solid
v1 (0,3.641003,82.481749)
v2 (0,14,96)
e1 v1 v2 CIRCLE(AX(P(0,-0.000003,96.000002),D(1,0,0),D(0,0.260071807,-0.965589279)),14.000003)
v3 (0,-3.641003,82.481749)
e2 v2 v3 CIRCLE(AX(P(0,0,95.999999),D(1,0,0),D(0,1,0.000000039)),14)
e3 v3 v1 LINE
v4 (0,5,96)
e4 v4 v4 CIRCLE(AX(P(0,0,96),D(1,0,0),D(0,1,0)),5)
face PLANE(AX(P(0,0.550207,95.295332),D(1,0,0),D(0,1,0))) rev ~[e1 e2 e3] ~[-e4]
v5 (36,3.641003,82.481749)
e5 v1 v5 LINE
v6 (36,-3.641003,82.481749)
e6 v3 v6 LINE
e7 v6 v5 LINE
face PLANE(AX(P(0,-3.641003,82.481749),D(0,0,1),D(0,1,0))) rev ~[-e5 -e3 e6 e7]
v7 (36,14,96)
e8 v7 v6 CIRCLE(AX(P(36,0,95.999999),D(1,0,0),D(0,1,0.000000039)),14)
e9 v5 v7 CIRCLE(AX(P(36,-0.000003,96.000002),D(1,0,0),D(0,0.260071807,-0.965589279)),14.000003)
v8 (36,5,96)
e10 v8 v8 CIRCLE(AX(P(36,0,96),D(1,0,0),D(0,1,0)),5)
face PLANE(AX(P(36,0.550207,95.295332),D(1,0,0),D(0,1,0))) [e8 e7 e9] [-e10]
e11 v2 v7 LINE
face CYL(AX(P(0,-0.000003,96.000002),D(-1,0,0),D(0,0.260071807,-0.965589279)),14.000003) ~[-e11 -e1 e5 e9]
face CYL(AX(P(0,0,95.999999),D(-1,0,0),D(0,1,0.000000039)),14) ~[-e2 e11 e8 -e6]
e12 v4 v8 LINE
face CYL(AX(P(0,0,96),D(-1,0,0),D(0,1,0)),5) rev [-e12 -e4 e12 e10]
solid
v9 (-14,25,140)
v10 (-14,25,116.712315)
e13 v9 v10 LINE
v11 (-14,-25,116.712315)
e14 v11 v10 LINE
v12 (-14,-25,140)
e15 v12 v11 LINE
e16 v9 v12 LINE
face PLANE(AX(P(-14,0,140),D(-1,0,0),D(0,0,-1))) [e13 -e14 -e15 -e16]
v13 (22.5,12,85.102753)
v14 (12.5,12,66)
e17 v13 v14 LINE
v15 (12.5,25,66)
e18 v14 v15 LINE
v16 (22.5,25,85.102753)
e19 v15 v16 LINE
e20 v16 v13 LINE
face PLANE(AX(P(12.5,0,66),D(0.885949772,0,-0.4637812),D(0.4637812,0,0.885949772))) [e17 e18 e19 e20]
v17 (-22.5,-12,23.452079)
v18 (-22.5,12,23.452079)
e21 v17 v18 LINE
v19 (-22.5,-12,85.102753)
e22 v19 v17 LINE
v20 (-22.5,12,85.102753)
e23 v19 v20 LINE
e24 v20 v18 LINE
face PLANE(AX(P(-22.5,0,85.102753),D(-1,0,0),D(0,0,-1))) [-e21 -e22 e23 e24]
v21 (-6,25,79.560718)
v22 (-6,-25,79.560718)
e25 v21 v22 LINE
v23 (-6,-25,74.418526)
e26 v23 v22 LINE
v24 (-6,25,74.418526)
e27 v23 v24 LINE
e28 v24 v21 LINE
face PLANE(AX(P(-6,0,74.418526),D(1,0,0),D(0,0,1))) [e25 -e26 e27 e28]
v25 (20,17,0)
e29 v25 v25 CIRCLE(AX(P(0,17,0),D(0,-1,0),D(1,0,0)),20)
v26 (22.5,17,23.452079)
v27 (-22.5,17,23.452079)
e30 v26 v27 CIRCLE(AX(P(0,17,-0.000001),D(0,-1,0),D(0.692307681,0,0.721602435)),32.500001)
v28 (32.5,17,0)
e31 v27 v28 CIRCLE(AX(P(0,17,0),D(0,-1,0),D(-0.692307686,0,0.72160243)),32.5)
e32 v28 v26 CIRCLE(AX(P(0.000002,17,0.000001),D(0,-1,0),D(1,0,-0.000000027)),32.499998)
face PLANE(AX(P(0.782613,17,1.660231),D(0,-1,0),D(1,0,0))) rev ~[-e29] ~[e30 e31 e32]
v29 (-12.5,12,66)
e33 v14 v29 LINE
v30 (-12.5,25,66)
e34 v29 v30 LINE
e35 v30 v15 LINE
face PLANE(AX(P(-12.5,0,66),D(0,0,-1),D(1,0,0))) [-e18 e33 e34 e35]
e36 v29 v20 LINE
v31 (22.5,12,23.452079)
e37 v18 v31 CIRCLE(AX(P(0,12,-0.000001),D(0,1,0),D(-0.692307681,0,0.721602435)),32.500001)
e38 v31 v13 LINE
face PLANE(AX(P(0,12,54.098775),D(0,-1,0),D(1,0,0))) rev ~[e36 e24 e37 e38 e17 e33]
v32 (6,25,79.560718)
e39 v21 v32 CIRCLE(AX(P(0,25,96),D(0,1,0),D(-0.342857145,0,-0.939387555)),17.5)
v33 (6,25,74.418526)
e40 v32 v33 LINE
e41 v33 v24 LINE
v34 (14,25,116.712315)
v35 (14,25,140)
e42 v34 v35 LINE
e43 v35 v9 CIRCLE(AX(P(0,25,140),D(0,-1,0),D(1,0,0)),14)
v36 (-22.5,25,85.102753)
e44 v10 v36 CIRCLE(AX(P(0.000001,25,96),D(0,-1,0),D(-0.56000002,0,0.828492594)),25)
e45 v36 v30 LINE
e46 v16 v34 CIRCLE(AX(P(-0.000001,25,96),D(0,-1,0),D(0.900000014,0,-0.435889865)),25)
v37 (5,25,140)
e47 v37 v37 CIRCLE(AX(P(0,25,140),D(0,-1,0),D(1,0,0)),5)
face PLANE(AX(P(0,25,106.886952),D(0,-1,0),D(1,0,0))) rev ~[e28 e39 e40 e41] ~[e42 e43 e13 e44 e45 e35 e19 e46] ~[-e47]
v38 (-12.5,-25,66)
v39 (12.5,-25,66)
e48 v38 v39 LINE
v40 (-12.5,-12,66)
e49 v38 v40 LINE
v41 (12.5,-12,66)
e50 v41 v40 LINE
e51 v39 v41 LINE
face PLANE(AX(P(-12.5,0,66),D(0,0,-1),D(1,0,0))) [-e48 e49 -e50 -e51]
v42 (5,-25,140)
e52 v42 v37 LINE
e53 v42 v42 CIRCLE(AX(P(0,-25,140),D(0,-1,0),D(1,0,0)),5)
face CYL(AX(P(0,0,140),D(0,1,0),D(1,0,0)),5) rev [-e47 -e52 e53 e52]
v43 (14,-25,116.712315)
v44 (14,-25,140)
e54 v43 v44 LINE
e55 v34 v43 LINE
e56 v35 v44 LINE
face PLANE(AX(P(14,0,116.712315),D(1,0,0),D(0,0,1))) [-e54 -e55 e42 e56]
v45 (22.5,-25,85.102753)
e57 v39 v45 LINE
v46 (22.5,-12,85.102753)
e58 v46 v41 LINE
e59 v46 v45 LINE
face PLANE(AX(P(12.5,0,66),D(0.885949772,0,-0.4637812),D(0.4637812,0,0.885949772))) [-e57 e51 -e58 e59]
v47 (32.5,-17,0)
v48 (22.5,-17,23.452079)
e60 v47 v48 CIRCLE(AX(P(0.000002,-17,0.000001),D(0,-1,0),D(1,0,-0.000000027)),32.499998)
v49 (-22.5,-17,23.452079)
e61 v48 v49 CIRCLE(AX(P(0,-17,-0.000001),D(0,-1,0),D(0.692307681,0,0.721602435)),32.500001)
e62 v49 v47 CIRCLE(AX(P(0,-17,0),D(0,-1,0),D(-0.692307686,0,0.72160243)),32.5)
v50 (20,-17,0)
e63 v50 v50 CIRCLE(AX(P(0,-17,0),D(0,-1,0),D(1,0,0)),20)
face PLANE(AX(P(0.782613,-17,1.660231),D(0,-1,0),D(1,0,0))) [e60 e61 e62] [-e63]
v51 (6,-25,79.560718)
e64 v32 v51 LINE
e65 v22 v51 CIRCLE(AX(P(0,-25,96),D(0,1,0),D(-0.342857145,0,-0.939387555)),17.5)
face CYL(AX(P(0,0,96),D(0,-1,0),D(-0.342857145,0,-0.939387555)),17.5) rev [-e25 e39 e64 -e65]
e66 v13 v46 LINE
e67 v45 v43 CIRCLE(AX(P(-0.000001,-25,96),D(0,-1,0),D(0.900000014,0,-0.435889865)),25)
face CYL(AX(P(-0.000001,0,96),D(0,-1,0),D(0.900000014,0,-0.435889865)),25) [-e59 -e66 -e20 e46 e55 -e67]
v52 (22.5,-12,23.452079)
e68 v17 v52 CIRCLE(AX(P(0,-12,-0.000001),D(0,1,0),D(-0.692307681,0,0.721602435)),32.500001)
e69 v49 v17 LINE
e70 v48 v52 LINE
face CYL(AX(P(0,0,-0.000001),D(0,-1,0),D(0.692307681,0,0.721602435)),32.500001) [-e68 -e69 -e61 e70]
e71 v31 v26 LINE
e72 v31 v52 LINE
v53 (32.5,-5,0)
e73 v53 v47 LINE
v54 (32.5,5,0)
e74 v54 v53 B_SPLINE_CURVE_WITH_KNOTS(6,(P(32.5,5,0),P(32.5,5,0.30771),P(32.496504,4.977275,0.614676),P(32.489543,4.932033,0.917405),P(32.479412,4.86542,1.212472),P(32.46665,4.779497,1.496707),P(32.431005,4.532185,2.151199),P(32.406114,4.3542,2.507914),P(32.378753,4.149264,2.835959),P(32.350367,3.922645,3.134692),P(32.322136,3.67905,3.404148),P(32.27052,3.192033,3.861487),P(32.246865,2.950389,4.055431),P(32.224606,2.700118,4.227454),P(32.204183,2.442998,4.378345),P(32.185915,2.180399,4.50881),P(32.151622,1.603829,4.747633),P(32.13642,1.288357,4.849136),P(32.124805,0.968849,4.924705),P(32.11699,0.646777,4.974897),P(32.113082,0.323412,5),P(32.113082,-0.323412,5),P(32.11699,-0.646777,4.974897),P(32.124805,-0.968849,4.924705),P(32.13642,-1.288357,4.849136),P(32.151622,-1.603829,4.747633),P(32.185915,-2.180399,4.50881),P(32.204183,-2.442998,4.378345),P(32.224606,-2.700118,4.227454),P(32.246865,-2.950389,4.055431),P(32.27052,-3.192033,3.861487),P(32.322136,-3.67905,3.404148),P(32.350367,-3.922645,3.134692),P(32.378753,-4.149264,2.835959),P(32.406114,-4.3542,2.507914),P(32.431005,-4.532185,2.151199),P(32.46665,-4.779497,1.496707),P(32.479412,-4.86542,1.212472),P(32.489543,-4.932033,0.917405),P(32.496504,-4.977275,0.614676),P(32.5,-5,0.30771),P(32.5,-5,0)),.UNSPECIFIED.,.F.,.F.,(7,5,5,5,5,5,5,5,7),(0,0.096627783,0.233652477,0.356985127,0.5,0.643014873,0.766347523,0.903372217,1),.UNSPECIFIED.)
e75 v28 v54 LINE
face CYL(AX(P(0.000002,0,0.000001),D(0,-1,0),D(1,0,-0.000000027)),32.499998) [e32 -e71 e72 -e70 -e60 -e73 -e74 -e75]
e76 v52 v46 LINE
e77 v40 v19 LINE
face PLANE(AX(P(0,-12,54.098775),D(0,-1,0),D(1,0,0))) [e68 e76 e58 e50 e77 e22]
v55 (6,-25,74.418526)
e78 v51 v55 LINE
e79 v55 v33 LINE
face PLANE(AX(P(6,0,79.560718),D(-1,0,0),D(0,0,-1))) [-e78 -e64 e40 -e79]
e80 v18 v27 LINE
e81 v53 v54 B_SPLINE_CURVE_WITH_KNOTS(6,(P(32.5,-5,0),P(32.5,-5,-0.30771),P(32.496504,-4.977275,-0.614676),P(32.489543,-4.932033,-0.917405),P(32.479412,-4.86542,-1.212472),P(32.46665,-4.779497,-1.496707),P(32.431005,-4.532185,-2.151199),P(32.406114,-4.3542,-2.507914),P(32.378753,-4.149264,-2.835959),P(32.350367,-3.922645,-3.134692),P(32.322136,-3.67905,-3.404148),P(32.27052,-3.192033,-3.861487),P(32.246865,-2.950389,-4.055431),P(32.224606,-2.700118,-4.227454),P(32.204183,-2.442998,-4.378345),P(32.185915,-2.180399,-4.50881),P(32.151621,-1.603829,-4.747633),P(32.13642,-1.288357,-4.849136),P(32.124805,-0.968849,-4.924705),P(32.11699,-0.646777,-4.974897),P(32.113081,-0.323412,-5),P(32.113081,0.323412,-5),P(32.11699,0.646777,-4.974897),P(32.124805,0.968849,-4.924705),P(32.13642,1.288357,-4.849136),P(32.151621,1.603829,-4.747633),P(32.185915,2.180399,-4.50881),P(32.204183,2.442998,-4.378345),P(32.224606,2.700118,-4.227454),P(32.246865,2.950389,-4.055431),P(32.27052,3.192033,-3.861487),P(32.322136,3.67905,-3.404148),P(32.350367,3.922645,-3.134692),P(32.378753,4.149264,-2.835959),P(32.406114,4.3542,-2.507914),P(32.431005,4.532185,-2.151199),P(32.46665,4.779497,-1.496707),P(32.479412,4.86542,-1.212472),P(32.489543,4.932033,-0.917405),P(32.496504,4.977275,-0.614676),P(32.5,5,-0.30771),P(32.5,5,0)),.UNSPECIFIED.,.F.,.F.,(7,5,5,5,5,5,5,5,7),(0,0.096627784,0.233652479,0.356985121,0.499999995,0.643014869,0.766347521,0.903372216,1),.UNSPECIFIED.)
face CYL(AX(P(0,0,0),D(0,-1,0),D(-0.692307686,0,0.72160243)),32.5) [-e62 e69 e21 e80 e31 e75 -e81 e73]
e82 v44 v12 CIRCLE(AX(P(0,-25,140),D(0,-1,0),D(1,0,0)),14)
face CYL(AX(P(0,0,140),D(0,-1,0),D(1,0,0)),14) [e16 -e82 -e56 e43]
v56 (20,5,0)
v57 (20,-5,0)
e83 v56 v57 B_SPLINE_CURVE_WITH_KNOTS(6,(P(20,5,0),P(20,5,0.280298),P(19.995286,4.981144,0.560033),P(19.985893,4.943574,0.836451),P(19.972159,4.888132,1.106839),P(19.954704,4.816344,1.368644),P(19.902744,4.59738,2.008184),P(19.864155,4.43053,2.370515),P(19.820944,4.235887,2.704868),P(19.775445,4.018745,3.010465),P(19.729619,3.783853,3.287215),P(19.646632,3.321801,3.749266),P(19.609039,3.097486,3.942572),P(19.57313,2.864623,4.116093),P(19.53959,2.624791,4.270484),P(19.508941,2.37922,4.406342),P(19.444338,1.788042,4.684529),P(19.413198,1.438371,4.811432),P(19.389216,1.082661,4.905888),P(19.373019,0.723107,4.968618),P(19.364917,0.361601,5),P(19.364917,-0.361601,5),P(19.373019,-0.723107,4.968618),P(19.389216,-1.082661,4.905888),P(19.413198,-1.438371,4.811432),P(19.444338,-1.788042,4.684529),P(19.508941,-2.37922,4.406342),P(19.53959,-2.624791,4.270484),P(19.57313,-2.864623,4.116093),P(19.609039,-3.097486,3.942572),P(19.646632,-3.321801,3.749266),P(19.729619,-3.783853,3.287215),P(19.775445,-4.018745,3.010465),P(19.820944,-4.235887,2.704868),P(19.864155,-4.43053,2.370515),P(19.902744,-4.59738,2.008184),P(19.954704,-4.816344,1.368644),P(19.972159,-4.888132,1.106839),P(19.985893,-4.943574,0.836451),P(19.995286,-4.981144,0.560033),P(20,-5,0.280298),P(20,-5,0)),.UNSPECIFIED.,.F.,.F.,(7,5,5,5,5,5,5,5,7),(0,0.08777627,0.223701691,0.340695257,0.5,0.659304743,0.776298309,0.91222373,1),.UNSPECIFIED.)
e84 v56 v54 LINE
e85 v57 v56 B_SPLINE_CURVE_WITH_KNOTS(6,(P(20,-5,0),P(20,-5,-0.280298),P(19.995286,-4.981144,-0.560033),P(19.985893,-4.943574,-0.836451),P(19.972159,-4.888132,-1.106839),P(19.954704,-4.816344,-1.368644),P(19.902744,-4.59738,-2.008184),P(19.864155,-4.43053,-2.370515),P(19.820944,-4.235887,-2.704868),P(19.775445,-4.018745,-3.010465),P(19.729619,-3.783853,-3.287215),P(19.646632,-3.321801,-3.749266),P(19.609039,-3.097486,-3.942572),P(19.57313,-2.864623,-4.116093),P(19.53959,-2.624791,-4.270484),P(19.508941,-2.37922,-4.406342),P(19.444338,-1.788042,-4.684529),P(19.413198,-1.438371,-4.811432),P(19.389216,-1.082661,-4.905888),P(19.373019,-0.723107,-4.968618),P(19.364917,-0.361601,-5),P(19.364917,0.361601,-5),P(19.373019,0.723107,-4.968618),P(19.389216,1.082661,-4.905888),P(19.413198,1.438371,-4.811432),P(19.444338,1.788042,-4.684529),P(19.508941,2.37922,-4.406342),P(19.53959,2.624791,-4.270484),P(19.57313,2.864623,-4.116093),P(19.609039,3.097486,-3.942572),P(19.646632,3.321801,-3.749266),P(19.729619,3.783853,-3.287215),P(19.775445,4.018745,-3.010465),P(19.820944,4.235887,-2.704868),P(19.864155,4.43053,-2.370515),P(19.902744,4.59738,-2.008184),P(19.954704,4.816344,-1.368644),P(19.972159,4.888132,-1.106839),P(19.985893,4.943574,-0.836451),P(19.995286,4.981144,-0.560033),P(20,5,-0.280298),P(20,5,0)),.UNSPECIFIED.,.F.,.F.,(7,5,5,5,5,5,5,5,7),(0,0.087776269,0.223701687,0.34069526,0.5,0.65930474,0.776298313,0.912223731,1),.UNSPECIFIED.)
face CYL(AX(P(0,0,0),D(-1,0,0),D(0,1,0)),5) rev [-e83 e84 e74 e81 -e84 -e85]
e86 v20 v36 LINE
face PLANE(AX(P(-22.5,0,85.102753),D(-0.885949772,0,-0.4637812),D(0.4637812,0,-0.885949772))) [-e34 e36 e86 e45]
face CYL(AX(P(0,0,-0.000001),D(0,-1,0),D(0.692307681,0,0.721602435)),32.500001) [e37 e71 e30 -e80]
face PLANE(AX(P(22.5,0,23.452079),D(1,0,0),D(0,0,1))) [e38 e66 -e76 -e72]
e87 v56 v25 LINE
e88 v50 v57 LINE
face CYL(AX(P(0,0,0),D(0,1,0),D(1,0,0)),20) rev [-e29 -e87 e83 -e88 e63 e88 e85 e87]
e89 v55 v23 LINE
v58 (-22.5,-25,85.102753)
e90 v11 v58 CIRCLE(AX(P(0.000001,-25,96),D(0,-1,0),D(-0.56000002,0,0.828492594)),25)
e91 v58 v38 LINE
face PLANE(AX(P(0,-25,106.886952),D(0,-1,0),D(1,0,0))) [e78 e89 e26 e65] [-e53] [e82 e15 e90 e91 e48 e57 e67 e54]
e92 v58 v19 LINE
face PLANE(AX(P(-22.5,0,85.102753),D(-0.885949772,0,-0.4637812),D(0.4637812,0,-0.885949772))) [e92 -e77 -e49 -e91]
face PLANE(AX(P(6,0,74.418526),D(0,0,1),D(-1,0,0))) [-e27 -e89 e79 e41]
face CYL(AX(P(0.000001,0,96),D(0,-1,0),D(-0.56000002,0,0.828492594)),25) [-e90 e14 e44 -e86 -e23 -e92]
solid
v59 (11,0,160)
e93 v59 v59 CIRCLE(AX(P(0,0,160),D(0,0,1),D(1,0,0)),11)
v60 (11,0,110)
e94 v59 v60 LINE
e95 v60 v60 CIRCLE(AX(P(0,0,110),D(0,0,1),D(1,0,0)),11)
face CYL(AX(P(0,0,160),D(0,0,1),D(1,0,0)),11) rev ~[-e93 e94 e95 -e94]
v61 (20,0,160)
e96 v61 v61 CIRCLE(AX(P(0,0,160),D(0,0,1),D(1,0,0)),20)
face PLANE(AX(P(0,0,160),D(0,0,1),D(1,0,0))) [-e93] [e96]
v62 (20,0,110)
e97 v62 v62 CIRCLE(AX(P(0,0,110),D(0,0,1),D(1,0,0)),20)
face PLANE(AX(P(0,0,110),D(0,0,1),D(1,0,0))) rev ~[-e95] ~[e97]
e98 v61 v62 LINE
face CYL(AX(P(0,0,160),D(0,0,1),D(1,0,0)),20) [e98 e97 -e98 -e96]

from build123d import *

# Parameters (mm, degrees)
F4_R      = 20
F4_R_2    = 11
F5_DEPTH  = 50
F0_R      = 5
F6_DEPTH  = 25
F0_R_2    = 20
F7_DEPTH  = 17
F1_R      = 5
F8_DEPTH  = 100
F9_DEPTH  = 12
F10_DEPTH = 36


with BuildPart() as f5:
    # F4 (on offset) → F5 (new body)
    with BuildSketch(Plane.XY.offset(160)):
        Circle(F4_R)
        Circle(F4_R_2, mode=Mode.SUBTRACT)
    extrude(amount=-F5_DEPTH)


with BuildPart() as f6:
    # F0 (on Front) → F6 (new body, symmetric)
    with BuildSketch(Plane.XZ):
        with BuildLine():
            Line((12.5, 66), (22.5, 85.102753))
            ThreePointArc((22.5, 85.102753), (24.142361, 102.492025), (14, 116.712315))
            Line((14, 116.712315), (14, 140))
            ThreePointArc((14, 140), (0, 154), (-14, 140))
            Line((-14, 140), (-14, 116.712315))
            ThreePointArc((-14, 116.712315), (-24.142361, 102.492025), (-22.5, 85.102753))
            Line((-22.5, 85.102753), (-12.5, 66))
            Line((-12.5, 66), (0, 66))
            Line((0, 66), (12.5, 66))
        make_face()
        with BuildLine():
            ThreePointArc((-6, 79.560718), (0, 113.5), (6, 79.560718))
            Line((6, 79.560718), (6, 74.418526))
            Line((6, 74.418526), (-6, 74.418526))
            Line((-6, 74.418526), (-6, 79.560718))
        make_face(mode=Mode.SUBTRACT)
        with Locations((0, 140)):
            Circle(F0_R, mode=Mode.SUBTRACT)
    extrude(amount=F6_DEPTH, both=True)



with BuildPart() as f7:
    # F0 (on Front) → F7 (new body, symmetric)
    with BuildSketch(Plane.XZ):
        with BuildLine():
            ThreePointArc((-22.5, 23.452079), (-12.747549, -29.895652), (32.5, 0))
            ThreePointArc((32.5, 0), (29.895652, 12.747549), (22.5, 23.452079))
            ThreePointArc((22.5, 23.452079), (0, 32.5), (-22.5, 23.452079))
        make_face()
        Circle(F0_R_2, mode=Mode.SUBTRACT)
    extrude(amount=F7_DEPTH, both=True)

    # F1 (on Right) → F8 (cut)
    with BuildSketch(Plane.YZ):
        Circle(F1_R)
    extrude(amount=F8_DEPTH, mode=Mode.SUBTRACT)


with BuildPart() as f6_1:
    add(f6.part)

    add(f7.part)  # F9 merges F7
    # F0 (on Front) → F9 (join, symmetric)
    with BuildSketch(Plane.XZ):
        with BuildLine():
            ThreePointArc((-22.5, 23.452079), (0, 32.5), (22.5, 23.452079))
            Line((22.5, 23.452079), (22.5, 85.102753))
            Line((22.5, 85.102753), (12.5, 66))
            Line((12.5, 66), (0, 66))
            Line((0, 66), (-12.5, 66))
            Line((-12.5, 66), (-22.5, 85.102753))
            Line((-22.5, 85.102753), (-22.5, 23.452079))
        make_face()
    extrude(amount=F9_DEPTH, both=True)


with BuildPart() as f10:
    # F1 (on Right) → F10 (new body)
    with BuildSketch(Plane.YZ):
        with BuildLine():
            ThreePointArc((3.641003, 82.481749), (11.112471, 87.484545), (14, 96))
            ThreePointArc((14, 96), (-8.515455, 107.112471), (-3.641003, 82.481749))
            Line((-3.641003, 82.481749), (3.641003, 82.481749))
        make_face()
        with Locations((0, 96)):
            Circle(F1_R, mode=Mode.SUBTRACT)
    extrude(amount=F10_DEPTH)


solid = Compound([f5.part, f6_1.part, f10.part])
